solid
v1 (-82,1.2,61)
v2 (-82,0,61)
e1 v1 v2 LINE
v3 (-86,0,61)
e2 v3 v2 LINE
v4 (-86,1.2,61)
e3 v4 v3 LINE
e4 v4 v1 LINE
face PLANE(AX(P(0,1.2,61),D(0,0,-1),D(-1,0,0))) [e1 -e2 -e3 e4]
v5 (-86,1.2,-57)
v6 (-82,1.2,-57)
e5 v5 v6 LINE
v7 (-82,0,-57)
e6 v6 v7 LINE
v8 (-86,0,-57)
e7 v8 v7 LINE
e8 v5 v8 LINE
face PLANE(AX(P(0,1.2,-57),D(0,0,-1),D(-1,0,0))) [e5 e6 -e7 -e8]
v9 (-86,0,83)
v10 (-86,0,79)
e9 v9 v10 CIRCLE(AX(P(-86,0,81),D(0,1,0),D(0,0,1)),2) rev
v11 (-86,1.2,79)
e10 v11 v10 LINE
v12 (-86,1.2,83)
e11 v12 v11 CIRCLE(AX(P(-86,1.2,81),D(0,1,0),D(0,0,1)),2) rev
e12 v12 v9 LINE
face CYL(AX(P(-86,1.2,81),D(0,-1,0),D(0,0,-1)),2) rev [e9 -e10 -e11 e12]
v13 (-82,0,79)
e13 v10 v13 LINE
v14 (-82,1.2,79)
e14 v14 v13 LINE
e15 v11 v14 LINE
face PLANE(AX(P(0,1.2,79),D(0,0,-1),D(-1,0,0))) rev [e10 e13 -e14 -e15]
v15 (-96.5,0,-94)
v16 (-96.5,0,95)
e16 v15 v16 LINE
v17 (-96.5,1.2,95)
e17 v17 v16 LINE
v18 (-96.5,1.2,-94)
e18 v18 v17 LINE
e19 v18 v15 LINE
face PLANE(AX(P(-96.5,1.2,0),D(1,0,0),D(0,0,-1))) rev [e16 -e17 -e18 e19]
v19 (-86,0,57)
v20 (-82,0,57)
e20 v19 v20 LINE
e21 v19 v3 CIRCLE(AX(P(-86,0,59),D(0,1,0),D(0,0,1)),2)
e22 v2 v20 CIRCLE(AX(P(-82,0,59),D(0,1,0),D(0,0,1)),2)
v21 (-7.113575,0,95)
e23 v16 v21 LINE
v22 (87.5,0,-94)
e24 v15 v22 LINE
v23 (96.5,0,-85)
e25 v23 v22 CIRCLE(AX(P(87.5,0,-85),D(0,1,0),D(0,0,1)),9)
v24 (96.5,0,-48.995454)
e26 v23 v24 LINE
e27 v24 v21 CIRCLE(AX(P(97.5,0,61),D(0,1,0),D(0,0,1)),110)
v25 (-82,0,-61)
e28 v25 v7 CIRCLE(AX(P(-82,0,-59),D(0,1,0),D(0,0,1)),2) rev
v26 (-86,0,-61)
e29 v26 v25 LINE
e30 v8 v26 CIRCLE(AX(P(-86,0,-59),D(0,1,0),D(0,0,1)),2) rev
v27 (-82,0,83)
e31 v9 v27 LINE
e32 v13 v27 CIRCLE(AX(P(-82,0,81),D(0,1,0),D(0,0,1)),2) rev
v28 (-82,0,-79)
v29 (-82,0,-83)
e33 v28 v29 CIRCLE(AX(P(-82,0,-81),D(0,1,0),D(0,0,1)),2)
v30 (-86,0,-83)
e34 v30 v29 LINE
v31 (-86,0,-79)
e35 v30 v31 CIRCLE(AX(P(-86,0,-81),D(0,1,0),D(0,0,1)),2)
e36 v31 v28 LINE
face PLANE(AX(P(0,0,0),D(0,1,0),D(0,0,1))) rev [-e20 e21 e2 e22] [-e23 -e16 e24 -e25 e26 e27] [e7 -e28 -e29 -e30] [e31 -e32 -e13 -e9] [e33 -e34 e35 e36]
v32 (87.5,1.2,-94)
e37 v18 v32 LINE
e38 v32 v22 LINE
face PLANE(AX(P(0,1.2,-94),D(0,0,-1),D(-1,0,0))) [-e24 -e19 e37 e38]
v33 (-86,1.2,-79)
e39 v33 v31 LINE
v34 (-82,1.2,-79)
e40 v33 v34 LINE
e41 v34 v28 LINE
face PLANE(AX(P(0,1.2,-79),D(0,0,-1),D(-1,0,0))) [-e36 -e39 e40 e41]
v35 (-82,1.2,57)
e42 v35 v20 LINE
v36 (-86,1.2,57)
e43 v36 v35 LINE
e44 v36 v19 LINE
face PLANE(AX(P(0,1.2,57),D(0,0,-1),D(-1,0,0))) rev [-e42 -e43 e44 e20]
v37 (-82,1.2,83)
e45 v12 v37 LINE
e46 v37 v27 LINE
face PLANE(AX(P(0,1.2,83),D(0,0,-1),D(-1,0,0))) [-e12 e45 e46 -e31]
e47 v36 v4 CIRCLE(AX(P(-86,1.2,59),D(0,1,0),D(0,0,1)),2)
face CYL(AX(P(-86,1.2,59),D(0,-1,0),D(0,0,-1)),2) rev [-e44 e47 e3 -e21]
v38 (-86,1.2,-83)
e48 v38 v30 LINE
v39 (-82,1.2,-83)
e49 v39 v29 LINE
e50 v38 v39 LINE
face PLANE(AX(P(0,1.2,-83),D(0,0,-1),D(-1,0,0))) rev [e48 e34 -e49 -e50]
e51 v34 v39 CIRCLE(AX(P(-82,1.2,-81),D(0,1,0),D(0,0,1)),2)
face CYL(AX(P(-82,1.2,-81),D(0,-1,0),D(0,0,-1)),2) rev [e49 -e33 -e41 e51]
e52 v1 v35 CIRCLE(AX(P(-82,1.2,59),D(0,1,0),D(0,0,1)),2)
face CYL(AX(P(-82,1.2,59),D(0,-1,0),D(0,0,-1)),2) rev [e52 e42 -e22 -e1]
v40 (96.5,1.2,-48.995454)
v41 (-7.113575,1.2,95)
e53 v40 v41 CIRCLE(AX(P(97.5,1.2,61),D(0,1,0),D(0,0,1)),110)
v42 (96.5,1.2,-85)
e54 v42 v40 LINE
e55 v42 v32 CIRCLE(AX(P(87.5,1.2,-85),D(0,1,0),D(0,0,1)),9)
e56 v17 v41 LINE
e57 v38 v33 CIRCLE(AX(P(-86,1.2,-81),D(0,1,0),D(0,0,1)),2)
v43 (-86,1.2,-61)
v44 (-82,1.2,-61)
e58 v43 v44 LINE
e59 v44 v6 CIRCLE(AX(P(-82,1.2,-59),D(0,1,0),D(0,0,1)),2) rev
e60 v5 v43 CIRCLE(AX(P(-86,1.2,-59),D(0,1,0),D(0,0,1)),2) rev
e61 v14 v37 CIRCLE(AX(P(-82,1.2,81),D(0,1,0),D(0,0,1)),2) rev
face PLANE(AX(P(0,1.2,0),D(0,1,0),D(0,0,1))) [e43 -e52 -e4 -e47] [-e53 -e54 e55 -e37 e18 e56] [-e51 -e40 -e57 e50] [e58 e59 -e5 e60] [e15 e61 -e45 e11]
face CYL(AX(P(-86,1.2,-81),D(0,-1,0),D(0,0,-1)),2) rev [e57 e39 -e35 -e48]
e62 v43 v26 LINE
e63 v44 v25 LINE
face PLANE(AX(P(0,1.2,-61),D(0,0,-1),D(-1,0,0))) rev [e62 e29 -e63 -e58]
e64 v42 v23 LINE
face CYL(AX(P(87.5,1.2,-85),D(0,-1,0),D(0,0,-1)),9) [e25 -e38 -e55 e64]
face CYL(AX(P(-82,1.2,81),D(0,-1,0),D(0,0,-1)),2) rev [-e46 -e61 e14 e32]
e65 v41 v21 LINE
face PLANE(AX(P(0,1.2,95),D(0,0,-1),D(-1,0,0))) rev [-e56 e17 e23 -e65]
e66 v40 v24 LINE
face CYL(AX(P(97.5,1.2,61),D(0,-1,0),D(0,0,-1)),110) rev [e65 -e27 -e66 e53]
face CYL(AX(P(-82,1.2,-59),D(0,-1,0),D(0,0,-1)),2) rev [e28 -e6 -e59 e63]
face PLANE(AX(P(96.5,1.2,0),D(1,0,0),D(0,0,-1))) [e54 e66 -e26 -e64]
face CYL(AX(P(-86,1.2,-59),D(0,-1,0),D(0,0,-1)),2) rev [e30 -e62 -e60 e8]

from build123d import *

# Parameters (mm, degrees)
EXTRUDE_1_DEPTH = 1.2


with BuildPart() as part:
    # 스케치1 → 보스-돌출1 (new body)
    with BuildSketch(Plane(origin=(0, 0, 0), x_dir=(1, 0, 0), z_dir=(0, 1, 0))):
        with BuildLine():
            Line((96.5, 48.995454452), (96.5, 85))
            ThreePointArc((96.5, 85), (93.863961031, 91.363961031), (87.5, 94))
            Line((87.5, 94), (-96.5, 94))
            Line((-96.5, 94), (-96.5, -95))
            Line((-96.5, -95), (-7.113574645, -95))
            ThreePointArc((-7.113574645, -95), (8.212657599, 3.247727485), (96.5, 48.995454452))
        make_face()
        with BuildLine():
            ThreePointArc((-86, -83), (-88, -81), (-86, -79))
            Line((-86, -79), (-84, -79))
            Line((-84, -79), (-82, -79))
            ThreePointArc((-82, -79), (-80.585786438, -79.585786438), (-80, -81))
            ThreePointArc((-80, -81), (-80.585786438, -82.414213562), (-82, -83))
            Line((-82, -83), (-84, -83))
            Line((-84, -83), (-86, -83))
        make_face(mode=Mode.SUBTRACT)
        with BuildLine():
            ThreePointArc((-86, -61), (-88, -59), (-86, -57))
            Line((-86, -57), (-84, -57))
            Line((-84, -57), (-82, -57))
            ThreePointArc((-82, -57), (-80.585786438, -57.585786438), (-80, -59))
            ThreePointArc((-80, -59), (-80.585786438, -60.414213562), (-82, -61))
            Line((-82, -61), (-84, -61))
            Line((-84, -61), (-86, -61))
        make_face(mode=Mode.SUBTRACT)
        with BuildLine():
            ThreePointArc((-86, 57), (-88, 59), (-86, 61))
            Line((-86, 61), (-84, 61))
            Line((-84, 61), (-82, 61))
            ThreePointArc((-82, 61), (-80.585786438, 60.414213562), (-80, 59))
            ThreePointArc((-80, 59), (-80.585786438, 57.585786438), (-82, 57))
            Line((-82, 57), (-84, 57))
            Line((-84, 57), (-86, 57))
        make_face(mode=Mode.SUBTRACT)
        with BuildLine():
            ThreePointArc((-86, 79), (-88, 81), (-86, 83))
            Line((-86, 83), (-84, 83))
            Line((-84, 83), (-82, 83))
            ThreePointArc((-82, 83), (-80.585786438, 82.414213562), (-80, 81))
            ThreePointArc((-80, 81), (-80.585786438, 79.585786438), (-82, 79))
            Line((-82, 79), (-84, 79))
            Line((-84, 79), (-86, 79))
        make_face(mode=Mode.SUBTRACT)
    extrude(amount=EXTRUDE_1_DEPTH)


solid = part.part
